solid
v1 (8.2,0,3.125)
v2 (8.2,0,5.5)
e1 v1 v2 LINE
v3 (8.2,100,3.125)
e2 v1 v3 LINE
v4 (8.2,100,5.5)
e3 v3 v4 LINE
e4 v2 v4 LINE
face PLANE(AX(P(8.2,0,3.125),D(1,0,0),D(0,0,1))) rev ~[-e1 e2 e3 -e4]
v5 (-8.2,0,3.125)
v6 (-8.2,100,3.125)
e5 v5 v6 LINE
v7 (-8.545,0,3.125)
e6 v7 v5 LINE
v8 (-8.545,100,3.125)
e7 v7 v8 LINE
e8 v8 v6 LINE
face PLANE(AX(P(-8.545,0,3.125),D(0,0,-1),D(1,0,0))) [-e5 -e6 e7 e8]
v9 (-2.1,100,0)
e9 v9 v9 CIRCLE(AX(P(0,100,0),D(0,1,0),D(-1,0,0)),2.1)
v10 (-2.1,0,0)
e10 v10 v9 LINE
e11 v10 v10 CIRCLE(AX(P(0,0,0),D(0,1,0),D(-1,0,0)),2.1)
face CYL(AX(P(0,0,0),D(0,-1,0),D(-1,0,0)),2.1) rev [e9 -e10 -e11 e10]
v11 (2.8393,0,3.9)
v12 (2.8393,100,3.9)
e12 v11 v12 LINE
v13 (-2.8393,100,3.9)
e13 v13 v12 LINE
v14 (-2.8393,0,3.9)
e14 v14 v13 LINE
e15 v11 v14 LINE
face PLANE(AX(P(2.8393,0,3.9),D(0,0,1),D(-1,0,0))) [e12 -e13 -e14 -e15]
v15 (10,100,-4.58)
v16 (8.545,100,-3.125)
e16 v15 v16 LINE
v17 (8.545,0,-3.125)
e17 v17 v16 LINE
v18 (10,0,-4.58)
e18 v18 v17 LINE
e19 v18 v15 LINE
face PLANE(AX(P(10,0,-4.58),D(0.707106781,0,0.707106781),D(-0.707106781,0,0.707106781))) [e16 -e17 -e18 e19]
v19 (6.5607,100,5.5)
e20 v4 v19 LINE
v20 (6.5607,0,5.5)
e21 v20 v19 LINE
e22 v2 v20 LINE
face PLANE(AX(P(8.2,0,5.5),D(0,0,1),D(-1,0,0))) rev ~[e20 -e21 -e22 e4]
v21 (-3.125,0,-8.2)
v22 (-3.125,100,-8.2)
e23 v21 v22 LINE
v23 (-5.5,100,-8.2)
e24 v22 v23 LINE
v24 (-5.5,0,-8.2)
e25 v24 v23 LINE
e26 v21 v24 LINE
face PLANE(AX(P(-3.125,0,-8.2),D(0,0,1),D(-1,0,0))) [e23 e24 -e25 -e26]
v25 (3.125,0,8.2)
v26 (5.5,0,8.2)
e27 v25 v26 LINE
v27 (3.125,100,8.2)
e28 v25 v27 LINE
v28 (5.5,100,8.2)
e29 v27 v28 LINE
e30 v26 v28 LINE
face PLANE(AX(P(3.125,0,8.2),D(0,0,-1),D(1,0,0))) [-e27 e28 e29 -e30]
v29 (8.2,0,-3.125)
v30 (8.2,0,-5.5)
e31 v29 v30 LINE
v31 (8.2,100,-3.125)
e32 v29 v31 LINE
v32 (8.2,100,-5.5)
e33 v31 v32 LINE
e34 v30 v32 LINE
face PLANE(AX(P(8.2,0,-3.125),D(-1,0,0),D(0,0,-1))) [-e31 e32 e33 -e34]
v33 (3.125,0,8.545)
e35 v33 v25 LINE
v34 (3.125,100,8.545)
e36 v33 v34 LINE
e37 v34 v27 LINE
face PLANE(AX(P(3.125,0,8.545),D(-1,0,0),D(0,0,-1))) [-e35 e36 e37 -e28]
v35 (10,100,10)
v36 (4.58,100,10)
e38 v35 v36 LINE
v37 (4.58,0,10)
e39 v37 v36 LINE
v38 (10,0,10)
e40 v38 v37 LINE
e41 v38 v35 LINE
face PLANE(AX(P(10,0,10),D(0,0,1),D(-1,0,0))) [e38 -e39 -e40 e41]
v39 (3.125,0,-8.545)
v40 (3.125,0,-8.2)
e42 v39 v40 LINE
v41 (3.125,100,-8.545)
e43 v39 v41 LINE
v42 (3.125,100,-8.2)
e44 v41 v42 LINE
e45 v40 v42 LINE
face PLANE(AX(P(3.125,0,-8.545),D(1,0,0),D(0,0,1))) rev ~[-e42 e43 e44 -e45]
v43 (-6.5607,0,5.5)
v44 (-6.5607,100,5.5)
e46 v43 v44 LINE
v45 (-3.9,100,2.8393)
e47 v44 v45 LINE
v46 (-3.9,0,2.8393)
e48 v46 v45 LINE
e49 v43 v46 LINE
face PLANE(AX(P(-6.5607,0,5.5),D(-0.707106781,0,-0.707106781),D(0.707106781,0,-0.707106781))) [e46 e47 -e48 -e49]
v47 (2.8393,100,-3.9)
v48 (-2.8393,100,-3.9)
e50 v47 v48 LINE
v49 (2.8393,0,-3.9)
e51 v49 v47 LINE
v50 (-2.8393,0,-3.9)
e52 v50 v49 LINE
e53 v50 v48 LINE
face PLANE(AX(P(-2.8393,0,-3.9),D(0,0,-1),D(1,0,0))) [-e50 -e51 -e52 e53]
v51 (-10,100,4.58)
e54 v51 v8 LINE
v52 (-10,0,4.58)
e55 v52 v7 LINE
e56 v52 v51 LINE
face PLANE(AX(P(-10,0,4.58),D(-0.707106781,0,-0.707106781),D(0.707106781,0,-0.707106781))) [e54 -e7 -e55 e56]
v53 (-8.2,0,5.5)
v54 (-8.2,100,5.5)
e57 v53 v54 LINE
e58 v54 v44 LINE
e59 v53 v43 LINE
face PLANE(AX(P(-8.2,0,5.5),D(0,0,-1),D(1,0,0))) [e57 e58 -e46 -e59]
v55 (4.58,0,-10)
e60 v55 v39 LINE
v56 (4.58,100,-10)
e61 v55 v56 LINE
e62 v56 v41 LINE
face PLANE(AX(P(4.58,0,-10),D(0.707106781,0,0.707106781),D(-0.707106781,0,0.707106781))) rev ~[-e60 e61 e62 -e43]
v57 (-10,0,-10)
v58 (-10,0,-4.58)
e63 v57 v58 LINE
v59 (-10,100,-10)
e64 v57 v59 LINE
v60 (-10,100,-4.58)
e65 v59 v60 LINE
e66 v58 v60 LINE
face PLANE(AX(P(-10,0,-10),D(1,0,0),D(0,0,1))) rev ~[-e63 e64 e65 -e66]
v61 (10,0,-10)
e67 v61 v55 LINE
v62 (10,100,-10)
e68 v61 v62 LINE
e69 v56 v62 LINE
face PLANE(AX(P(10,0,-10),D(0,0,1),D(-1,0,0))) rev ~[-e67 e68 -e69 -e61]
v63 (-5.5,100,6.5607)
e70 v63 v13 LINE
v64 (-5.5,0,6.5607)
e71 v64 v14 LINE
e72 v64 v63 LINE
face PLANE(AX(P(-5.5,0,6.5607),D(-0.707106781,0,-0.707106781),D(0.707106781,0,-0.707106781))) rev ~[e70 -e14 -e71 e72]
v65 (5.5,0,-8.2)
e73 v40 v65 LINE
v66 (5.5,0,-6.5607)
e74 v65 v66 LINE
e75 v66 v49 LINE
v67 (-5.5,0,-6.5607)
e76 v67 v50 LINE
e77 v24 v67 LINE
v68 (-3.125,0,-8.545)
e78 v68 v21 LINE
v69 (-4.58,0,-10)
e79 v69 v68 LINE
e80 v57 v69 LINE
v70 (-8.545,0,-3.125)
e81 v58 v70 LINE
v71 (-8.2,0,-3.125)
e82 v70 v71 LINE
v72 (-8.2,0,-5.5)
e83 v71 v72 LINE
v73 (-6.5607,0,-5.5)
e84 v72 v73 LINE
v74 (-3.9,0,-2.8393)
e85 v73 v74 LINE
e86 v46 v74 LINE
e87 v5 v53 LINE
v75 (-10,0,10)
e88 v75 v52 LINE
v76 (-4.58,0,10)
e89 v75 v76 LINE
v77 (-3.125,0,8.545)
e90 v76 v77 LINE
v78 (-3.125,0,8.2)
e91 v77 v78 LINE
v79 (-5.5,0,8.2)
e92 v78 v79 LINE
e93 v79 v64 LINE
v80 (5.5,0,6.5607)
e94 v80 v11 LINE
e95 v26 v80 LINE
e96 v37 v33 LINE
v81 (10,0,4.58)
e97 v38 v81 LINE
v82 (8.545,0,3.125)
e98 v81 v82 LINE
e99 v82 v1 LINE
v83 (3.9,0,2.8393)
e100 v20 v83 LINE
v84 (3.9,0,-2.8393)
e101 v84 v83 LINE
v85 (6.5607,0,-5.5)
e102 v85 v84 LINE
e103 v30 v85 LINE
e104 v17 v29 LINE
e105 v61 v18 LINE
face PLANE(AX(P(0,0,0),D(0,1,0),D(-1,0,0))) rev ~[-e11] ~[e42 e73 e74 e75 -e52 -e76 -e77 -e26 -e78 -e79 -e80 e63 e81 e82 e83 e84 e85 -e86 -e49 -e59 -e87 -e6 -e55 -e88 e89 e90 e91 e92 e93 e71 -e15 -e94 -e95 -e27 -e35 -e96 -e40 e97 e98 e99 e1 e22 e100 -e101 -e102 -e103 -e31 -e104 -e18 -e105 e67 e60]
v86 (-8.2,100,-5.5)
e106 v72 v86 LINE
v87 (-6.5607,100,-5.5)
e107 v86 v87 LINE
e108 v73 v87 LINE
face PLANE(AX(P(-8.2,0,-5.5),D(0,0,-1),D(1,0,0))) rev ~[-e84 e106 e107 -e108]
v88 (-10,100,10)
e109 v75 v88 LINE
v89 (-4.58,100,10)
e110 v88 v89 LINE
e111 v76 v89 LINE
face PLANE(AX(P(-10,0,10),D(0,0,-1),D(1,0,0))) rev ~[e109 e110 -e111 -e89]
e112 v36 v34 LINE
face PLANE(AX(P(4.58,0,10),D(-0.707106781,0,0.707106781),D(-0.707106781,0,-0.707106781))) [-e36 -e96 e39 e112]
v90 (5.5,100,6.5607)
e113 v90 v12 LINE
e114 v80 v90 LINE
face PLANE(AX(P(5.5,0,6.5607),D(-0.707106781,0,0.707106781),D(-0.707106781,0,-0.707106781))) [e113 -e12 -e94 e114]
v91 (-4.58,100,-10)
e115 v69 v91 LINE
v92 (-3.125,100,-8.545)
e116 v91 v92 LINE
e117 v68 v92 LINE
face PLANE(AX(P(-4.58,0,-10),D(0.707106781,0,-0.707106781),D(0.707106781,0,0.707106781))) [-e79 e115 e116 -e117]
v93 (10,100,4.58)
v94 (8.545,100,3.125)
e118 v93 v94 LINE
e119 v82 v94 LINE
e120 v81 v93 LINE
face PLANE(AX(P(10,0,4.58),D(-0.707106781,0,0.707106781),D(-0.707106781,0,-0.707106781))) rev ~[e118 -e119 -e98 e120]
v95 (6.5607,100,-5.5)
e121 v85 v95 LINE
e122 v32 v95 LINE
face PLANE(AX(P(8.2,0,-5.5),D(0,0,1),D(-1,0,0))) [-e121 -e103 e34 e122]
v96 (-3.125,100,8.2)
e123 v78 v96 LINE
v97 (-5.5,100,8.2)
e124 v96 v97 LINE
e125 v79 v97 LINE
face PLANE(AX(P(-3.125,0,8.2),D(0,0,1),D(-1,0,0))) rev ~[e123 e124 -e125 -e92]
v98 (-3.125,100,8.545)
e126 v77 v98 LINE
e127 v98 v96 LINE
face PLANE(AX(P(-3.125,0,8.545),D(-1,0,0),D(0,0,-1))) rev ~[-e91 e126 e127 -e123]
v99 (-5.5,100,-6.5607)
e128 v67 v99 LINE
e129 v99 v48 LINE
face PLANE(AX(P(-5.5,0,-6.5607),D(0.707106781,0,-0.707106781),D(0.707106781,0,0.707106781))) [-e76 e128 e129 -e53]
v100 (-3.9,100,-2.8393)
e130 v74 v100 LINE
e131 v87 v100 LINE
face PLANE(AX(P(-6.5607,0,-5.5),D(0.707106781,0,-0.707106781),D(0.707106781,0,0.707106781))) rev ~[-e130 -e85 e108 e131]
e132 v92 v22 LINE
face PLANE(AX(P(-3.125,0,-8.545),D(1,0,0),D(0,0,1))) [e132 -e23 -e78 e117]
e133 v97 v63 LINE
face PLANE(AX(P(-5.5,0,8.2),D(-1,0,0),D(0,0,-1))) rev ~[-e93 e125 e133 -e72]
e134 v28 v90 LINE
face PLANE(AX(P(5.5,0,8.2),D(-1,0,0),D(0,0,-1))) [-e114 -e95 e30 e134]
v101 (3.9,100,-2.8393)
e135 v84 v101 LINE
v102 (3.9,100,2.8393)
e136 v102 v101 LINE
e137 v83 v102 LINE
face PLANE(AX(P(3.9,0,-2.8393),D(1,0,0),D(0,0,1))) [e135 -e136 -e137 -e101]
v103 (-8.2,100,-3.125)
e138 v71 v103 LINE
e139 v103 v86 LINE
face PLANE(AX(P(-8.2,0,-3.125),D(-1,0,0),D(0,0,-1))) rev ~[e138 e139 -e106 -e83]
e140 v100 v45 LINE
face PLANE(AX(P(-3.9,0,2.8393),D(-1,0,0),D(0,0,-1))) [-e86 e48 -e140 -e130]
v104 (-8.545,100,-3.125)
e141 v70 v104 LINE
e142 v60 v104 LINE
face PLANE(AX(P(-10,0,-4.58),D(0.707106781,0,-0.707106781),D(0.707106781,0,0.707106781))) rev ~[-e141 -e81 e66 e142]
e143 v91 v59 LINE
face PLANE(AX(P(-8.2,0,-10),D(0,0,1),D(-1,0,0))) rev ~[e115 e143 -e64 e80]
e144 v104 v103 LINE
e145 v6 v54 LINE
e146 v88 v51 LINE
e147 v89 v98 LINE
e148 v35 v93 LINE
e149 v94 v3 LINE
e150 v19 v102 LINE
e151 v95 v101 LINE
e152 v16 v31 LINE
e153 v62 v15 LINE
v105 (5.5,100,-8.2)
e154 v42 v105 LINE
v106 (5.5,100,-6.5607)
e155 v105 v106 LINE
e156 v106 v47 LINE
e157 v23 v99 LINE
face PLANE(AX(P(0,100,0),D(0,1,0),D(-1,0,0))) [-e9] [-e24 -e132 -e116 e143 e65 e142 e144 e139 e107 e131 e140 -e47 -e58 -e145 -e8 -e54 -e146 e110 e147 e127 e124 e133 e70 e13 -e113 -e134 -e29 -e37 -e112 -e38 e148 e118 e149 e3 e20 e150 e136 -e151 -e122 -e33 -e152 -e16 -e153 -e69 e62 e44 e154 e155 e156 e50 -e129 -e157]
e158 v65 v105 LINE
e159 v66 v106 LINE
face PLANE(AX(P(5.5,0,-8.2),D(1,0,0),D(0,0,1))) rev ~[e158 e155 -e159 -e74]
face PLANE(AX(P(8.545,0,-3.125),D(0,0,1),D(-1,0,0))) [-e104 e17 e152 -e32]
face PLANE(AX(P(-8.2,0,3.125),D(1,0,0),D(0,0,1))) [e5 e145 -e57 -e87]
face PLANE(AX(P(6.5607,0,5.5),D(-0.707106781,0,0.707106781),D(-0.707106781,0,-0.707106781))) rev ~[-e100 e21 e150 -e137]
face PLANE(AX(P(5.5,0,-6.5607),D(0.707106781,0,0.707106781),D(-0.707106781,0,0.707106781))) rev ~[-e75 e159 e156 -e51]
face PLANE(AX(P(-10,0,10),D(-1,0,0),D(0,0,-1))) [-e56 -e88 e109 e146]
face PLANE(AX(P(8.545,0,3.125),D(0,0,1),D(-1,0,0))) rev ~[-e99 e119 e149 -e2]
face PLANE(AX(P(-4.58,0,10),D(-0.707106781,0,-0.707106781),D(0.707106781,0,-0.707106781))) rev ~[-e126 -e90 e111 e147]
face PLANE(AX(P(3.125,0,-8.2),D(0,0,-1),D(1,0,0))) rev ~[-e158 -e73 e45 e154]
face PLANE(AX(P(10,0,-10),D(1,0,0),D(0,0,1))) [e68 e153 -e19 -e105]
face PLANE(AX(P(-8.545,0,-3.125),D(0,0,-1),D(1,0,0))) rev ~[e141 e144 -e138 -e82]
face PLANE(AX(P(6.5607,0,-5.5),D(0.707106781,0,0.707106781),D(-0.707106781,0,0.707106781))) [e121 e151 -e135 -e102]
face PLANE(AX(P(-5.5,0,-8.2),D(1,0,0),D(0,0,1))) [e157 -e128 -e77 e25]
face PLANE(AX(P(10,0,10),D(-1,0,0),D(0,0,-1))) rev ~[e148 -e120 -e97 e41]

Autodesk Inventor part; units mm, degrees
sketch "Sketch1" plane through (0, 0, 0) normal (0, 1, 0) x (-1, 0, 0)
  circle A0 centre (0, 0) radius 2.1
  line L0 (10, 10) -> (-10, 10) construction
  line L1 (-10, 10) -> (-10, -10) construction
  line L2 (-10, -10) -> (10, -10)
  line L3 (10, -10) -> (10, 10) construction
  line L4 (10, 10) -> (-10, -10) construction
  line L5 (-10, 10) -> (10, -10) construction
  line L6 (8.2, 10) -> (8.2, -10) construction
  line L7 (3.9, 10) -> (3.9, -10) construction
  line L8 (8.2, 3.125) -> (8.2, -3.125) construction
  line L9 (10, 4.58) -> (10, -4.58) construction
  line L10 (8.2, 5.5) -> (8.2, -5.5) construction
  line L11 (3.3697, 4.4303) -> (4.4303, 3.3697) construction
  line L12 (10, 10) -> (10, 4.58)
  line L13 (10, 4.58) -> (8.545, 3.125)
  line L14 (8.545, 3.125) -> (8.2, 3.125)
  line L15 (8.2, 3.125) -> (8.2, 5.5)
  line L16 (14, 0) -> (-14, 0) construction
  line L17 (8.2, 5.5) -> (6.5607, 5.5)
  line L18 (6.5607, 5.5) -> (3.9, 2.8393)
  line L19 (3.9, 2.8393) -> (3.9, 0)
  line L20 (10, -10) -> (10, -4.58)
  line L21 (10, -4.58) -> (8.545, -3.125)
  line L22 (8.545, -3.125) -> (8.2, -3.125)
  line L23 (8.2, -3.125) -> (8.2, -5.5)
  line L24 (8.2, -5.5) -> (6.5607, -5.5)
  line L25 (6.5607, -5.5) -> (3.9, -2.8393)
  line L26 (3.9, -2.8393) -> (3.9, 0)
  line L27 (-10, 10) -> (-4.58, 10)
  line L28 (-4.58, 10) -> (-3.125, 8.545)
  line L29 (-3.125, 8.2) -> (-5.5, 8.2)
  line L30 (-5.5, 8.2) -> (-5.5, 6.5607)
  line L31 (-5.5, 6.5607) -> (-2.8393, 3.9)
  line L32 (-2.8393, 3.9) -> (0, 3.9)
  line L33 (2.8393, 3.9) -> (0, 3.9)
  line L34 (5.5, 6.5607) -> (2.8393, 3.9)
  line L35 (5.5, 8.2) -> (5.5, 6.5607)
  line L36 (3.125, 8.2) -> (5.5, 8.2)
  line L37 (3.125, 8.545) -> (3.125, 8.2)
  line L38 (4.58, 10) -> (3.125, 8.545)
  line L39 (-3.125, 8.545) -> (-3.125, 8.2)
  line L40 (10, 10) -> (4.58, 10)
  line L41 (-10, -10) -> (-10, -4.58)
  line L42 (-10, -4.58) -> (-8.545, -3.125)
  line L43 (-8.2, -3.125) -> (-8.2, -5.5)
  line L44 (-8.2, -5.5) -> (-6.5607, -5.5)
  line L45 (-6.5607, -5.5) -> (-3.9, -2.8393)
  line L46 (-3.9, -2.8393) -> (-3.9, 0)
  line L47 (-3.9, 2.8393) -> (-3.9, 0)
  line L48 (-6.5607, 5.5) -> (-3.9, 2.8393)
  line L49 (-8.2, 5.5) -> (-6.5607, 5.5)
  line L50 (-8.2, 3.125) -> (-8.2, 5.5)
  line L51 (-8.545, 3.125) -> (-8.2, 3.125)
  line L52 (-10, 4.58) -> (-8.545, 3.125)
  line L53 (-8.545, -3.125) -> (-8.2, -3.125)
  line L54 (-10, 10) -> (-10, 4.58)
  line L55 (10, -10) -> (4.58, -10) construction
  line L56 (4.58, -10) -> (3.125, -8.545)
  line L57 (3.125, -8.2) -> (5.5, -8.2)
  line L58 (5.5, -8.2) -> (5.5, -6.5607)
  line L59 (5.5, -6.5607) -> (2.8393, -3.9)
  line L60 (2.8393, -3.9) -> (0, -3.9)
  line L61 (-2.8393, -3.9) -> (0, -3.9)
  line L62 (-5.5, -6.5607) -> (-2.8393, -3.9)
  line L63 (-5.5, -8.2) -> (-5.5, -6.5607)
  line L64 (-3.125, -8.2) -> (-5.5, -8.2)
  line L65 (-3.125, -8.545) -> (-3.125, -8.2)
  line L66 (-4.58, -10) -> (-3.125, -8.545)
  line L67 (3.125, -8.545) -> (3.125, -8.2)
  line L68 (-10, -10) -> (-4.58, -10) construction
  line L69 (5.5, -6.5607) -> (6.2393, -7.3)
  line L70 (6.2393, -7.3) -> (8.2, -7.3)
  line L71 (0, -10) -> (0, -9) construction
  line L72 (-5.5, -6.5607) -> (-6.2393, -7.3)
  line L73 (-6.2393, -7.3) -> (-8.2, -7.3)
  line L74 (8.2, -7.3) -> (8.2, -10)
  line L75 (-8.2, -7.3) -> (-8.2, -10)
  point P0 (10, 0)
  point P1 (8.2, 0)
  point P2 (3.9, 3.9)
  point P3 (-3.3697, 4.4303)
  point P4 (-4.4303, -3.3697)
  point P5 (3.3697, -4.4303)
  dimension "d0" = 4.2
  dimension "d1" = 20
  dimension "d2" = 20
  dimension "d3" = 1.8
  dimension "d4" = 4.3
  dimension "d5" = 6.25
  dimension "d6" = 9.16
  dimension "d7" = 11
  dimension "d8" = 1.5
  dimension "d9" = 45
  dimension "d12" = 360
  dimension "d17" = 1.8
  dimension "d18" = 1
extrude "Extrusion1" add sketch "Sketch1" along normal blind 100 contours L41 L42 L53 L43 L44 L45 L46 L47 L48 L49 L50 L51 L52 L54 L27 L28 L39 L29 L30 L31 L32 L33 L34 L35 L36 L37 L38 L40 L12 L13 L14 L15 L17 L18 L19 L26 L25 L24 L23 L22 L21 L20 L2 L74 L70 L69 L59 L60 L61 L62 L72 L73 L75 | L75 L73 L72 L63 L64 L65 L66 L2 | L56 L67 L57 L58 L69 L70 L74 L2
ref_plane "Work Plane1" through (-2.8393, 0, 0) normal (0, 0, -1) x (-1, 0, 0)
ref_plane "Work Plane2" through (0, 0, 4.58) normal (1, 0, 0) x (0, 0, -1)
ref_plane "Work Plane3" through (0, 50, 0) normal (0, 1, 0) x (1, 0, 0)
ref_plane "Work Plane4" through (-4.58, 0, 0) normal (0, 0, 1) x (1, 0, 0)
ref_plane "Work Plane5" through (0, 50, 0) normal (0, -1, 0) x (1, 0, 0)
ref_plane "Work Plane6" through (10, 0, 0) normal (0, 0, 1) x (1, 0, 0)
ref_plane "Work Plane7" through (0, 0, 4.58) normal (1, 0, 0) x (0, 0, -1)
properties part number "VSLOT 2020 Extrusion Mini" material "Aluminum 6061"
